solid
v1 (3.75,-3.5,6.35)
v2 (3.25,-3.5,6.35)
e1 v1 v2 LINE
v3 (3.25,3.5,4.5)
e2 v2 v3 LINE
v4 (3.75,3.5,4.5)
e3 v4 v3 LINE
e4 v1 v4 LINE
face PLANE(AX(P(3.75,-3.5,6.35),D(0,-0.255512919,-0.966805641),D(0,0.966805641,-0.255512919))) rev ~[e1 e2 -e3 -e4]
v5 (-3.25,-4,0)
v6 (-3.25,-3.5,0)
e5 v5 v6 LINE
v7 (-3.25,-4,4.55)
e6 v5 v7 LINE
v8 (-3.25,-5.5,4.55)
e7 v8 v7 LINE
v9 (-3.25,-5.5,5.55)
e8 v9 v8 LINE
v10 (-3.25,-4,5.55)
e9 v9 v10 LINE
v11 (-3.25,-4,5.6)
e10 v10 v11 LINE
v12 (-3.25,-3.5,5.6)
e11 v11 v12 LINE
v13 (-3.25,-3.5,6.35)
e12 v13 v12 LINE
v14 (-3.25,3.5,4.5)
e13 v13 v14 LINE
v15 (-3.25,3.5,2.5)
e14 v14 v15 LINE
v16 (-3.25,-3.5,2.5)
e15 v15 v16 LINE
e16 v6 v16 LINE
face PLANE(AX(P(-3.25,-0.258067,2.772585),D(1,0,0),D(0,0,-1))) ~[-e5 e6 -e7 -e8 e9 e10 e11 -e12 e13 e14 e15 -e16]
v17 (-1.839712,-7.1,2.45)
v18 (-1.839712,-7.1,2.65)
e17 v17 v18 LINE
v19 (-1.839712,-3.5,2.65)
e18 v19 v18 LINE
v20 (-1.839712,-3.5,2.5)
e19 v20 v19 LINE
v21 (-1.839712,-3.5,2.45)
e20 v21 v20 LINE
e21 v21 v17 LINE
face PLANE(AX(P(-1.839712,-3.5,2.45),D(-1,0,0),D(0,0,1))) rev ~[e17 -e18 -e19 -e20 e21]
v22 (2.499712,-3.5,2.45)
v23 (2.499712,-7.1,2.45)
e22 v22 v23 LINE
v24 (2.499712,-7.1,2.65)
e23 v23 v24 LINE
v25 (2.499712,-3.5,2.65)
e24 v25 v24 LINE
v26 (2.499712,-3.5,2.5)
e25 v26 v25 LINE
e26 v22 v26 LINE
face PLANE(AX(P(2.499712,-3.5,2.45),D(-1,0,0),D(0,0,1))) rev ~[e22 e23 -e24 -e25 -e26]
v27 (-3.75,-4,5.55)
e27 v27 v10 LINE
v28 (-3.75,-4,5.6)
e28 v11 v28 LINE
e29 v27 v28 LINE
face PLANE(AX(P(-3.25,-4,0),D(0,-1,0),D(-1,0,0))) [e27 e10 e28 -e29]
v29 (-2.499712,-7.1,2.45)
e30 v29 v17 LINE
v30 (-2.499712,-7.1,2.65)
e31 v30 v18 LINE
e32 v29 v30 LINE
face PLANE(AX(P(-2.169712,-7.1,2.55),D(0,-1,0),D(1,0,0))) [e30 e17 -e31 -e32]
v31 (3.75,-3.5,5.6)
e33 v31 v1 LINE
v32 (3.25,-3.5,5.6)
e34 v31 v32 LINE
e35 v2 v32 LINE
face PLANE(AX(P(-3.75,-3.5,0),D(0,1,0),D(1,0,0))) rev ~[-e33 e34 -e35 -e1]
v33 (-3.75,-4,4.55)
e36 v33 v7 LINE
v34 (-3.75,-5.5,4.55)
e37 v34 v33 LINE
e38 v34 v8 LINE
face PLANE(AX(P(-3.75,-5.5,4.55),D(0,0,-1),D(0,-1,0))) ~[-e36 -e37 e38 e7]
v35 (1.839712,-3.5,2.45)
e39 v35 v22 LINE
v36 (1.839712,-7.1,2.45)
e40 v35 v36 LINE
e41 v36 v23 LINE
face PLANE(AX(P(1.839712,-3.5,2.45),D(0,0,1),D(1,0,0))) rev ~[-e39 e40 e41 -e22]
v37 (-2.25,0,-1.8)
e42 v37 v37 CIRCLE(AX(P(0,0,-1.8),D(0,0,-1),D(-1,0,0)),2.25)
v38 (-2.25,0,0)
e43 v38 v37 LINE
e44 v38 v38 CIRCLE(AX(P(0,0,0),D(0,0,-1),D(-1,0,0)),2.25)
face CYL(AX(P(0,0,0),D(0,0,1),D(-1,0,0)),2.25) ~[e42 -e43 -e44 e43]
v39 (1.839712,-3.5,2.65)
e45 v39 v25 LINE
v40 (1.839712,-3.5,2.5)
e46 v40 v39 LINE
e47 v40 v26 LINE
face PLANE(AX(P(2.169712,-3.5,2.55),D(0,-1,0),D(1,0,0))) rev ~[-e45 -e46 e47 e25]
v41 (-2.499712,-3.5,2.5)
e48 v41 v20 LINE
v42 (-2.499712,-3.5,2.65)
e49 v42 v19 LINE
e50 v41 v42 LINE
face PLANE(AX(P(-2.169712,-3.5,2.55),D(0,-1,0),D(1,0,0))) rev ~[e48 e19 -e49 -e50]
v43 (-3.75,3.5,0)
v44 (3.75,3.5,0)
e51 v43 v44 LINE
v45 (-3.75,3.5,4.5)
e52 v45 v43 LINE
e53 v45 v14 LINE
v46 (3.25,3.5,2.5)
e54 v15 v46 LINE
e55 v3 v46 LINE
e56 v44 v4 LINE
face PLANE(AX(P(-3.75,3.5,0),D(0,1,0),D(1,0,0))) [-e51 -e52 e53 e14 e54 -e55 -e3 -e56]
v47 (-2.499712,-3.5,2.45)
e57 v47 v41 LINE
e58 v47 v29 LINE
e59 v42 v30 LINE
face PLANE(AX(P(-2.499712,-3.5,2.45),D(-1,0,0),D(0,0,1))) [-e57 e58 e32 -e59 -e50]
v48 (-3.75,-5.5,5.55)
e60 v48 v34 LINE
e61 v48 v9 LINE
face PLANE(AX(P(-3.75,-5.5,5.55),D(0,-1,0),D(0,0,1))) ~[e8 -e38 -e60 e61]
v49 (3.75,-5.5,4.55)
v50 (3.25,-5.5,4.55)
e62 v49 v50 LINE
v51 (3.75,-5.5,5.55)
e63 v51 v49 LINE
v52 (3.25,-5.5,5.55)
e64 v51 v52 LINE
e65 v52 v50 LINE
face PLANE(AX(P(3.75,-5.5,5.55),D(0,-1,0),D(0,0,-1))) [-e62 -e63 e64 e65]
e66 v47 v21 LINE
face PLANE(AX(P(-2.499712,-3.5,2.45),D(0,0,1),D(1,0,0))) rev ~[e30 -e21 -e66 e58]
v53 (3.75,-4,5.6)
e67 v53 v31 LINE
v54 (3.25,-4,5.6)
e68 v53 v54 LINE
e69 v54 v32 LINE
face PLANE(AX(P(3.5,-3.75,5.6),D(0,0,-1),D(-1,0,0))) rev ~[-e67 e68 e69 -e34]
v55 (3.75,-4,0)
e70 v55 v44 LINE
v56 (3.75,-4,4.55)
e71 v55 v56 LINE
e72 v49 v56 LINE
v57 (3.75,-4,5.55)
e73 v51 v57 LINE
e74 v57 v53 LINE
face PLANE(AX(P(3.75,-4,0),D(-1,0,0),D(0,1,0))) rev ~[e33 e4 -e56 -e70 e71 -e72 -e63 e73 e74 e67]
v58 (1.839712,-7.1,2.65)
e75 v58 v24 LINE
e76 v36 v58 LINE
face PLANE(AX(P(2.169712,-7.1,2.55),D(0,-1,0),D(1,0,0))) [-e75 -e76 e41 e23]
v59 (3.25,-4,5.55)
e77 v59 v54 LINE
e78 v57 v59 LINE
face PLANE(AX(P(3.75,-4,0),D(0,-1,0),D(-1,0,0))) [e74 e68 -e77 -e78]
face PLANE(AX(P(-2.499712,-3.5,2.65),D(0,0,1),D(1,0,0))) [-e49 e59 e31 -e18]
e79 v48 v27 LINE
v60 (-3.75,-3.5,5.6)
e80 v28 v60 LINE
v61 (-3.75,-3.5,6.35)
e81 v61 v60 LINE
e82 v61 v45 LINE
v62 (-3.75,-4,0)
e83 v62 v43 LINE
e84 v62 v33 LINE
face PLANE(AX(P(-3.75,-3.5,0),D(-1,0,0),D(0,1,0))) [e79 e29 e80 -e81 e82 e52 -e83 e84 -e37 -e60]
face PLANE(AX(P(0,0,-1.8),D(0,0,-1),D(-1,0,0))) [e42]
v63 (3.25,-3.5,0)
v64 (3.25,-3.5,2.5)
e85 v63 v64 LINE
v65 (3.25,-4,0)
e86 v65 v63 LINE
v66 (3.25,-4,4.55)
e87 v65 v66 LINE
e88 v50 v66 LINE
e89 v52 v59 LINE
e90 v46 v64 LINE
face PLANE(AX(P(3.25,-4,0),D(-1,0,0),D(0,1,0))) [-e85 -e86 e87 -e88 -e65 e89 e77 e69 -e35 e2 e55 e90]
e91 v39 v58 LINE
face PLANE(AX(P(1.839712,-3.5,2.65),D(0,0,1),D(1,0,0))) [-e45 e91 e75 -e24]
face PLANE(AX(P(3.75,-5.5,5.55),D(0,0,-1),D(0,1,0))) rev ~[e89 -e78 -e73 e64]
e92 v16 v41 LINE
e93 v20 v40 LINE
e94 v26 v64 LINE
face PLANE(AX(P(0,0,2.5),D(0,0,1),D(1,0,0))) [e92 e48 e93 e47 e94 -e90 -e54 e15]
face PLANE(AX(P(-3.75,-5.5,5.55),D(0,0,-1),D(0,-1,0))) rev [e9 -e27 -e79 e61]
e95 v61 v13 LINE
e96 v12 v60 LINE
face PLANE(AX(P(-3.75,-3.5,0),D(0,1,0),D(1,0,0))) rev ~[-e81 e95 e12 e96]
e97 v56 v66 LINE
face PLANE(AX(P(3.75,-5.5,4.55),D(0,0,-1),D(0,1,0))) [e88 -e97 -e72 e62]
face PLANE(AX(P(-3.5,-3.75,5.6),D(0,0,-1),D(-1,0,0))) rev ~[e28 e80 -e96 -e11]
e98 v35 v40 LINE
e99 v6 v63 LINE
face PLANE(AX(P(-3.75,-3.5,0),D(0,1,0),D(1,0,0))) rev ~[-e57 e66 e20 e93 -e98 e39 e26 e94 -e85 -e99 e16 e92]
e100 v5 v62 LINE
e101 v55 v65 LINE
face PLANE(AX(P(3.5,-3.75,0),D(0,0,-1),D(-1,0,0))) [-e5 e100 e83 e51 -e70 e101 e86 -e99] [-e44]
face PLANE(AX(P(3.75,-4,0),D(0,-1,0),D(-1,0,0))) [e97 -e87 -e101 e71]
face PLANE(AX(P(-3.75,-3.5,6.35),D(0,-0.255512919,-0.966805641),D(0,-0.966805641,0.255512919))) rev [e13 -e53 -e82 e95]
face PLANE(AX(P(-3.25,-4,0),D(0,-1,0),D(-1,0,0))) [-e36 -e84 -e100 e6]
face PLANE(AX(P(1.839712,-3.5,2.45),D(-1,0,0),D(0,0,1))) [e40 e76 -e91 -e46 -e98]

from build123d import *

# Parameters (mm, degrees)
SKETCH_1_W      = 7.5
SKETCH_1_H      = 7
EXTRUDE_1_DEPTH = 2.5
SKETCH_2_R      = 2.25
EXTRUDE_2_DEPTH = 1.8
EXTRUDE_3_DEPTH = 0.5
SKETCH_4_W      = 1
SKETCH_4_H      = 2
EXTRUDE_4_DEPTH = 0.5
SKETCH_5_W      = 0.66
SKETCH_5_H      = 0.2
EXTRUDE_5_DEPTH = 3.6
SKETCH_6_W      = 0.5
SKETCH_6_H      = 0.5
EXTRUDE_6_DEPTH = 5.6


with BuildPart() as part:
    # 草图1 → 凸台-拉伸1 (new body)
    with BuildSketch(Plane.XY):
        Rectangle(SKETCH_1_W, SKETCH_1_H)
    extrude(amount=EXTRUDE_1_DEPTH)

    # 草图2 → 凸台-拉伸2 (add)
    with BuildSketch(Plane(origin=(0, 0, 0), x_dir=(-1, 0, 0), z_dir=(0, 0, -1))):
        Circle(SKETCH_2_R)
    extrude(amount=EXTRUDE_2_DEPTH)

    # 草图3 → 凸台-拉伸3 (add)
    with BuildSketch(Plane(origin=(3.75, 0, 0), x_dir=(0, 0, -1), z_dir=(1, 0, 0))):
        Polygon((0, 3.5), (0, -3.5), (-2.5, -3.5), (-6.35, -3.5), (-4.5, 3.5), align=None)
    extrude_3 = extrude(amount=-EXTRUDE_3_DEPTH)

    # 草图4 → 凸台-拉伸4 (add)
    with BuildSketch(Plane(origin=(3.75, 0, 0), x_dir=(0, 0, -1), z_dir=(1, 0, 0))):
        with Locations((-5.05, -4.5)):
            Rectangle(SKETCH_4_W, SKETCH_4_H)
    extrude_4 = extrude(amount=-EXTRUDE_4_DEPTH)

    # 镜向1: 凸台-拉伸3, 凸台-拉伸4 across plane
    add(extrude_3.mirror(Plane(origin=(0, 0, 0), x_dir=(0, 0, 1), z_dir=(1, 0, 0))))
    add(extrude_4.mirror(Plane(origin=(0, 0, 0), x_dir=(0, 0, 1), z_dir=(1, 0, 0))))

    # 草图5 → 凸台-拉伸5 (add)
    with BuildSketch(Plane.XZ.offset(3.5)):
        with Locations((-2.169711975, 2.55)):
            Rectangle(SKETCH_5_W, SKETCH_5_H)
        with Locations((2.169711975, 2.55)):
            Rectangle(SKETCH_5_W, SKETCH_5_H)
    extrude(amount=EXTRUDE_5_DEPTH)

    # 草图6 → 凸台-拉伸6 (add)
    with BuildSketch(Plane(origin=(0, 0, 0), x_dir=(-1, 0, 0), z_dir=(0, 0, -1))):
        with Locations((-3.5, -3.75)):
            Rectangle(SKETCH_6_W, SKETCH_6_H)
        with Locations((3.5, -3.75)):
            Rectangle(SKETCH_6_W, SKETCH_6_H)
    extrude(amount=-EXTRUDE_6_DEPTH)


solid = part.part
